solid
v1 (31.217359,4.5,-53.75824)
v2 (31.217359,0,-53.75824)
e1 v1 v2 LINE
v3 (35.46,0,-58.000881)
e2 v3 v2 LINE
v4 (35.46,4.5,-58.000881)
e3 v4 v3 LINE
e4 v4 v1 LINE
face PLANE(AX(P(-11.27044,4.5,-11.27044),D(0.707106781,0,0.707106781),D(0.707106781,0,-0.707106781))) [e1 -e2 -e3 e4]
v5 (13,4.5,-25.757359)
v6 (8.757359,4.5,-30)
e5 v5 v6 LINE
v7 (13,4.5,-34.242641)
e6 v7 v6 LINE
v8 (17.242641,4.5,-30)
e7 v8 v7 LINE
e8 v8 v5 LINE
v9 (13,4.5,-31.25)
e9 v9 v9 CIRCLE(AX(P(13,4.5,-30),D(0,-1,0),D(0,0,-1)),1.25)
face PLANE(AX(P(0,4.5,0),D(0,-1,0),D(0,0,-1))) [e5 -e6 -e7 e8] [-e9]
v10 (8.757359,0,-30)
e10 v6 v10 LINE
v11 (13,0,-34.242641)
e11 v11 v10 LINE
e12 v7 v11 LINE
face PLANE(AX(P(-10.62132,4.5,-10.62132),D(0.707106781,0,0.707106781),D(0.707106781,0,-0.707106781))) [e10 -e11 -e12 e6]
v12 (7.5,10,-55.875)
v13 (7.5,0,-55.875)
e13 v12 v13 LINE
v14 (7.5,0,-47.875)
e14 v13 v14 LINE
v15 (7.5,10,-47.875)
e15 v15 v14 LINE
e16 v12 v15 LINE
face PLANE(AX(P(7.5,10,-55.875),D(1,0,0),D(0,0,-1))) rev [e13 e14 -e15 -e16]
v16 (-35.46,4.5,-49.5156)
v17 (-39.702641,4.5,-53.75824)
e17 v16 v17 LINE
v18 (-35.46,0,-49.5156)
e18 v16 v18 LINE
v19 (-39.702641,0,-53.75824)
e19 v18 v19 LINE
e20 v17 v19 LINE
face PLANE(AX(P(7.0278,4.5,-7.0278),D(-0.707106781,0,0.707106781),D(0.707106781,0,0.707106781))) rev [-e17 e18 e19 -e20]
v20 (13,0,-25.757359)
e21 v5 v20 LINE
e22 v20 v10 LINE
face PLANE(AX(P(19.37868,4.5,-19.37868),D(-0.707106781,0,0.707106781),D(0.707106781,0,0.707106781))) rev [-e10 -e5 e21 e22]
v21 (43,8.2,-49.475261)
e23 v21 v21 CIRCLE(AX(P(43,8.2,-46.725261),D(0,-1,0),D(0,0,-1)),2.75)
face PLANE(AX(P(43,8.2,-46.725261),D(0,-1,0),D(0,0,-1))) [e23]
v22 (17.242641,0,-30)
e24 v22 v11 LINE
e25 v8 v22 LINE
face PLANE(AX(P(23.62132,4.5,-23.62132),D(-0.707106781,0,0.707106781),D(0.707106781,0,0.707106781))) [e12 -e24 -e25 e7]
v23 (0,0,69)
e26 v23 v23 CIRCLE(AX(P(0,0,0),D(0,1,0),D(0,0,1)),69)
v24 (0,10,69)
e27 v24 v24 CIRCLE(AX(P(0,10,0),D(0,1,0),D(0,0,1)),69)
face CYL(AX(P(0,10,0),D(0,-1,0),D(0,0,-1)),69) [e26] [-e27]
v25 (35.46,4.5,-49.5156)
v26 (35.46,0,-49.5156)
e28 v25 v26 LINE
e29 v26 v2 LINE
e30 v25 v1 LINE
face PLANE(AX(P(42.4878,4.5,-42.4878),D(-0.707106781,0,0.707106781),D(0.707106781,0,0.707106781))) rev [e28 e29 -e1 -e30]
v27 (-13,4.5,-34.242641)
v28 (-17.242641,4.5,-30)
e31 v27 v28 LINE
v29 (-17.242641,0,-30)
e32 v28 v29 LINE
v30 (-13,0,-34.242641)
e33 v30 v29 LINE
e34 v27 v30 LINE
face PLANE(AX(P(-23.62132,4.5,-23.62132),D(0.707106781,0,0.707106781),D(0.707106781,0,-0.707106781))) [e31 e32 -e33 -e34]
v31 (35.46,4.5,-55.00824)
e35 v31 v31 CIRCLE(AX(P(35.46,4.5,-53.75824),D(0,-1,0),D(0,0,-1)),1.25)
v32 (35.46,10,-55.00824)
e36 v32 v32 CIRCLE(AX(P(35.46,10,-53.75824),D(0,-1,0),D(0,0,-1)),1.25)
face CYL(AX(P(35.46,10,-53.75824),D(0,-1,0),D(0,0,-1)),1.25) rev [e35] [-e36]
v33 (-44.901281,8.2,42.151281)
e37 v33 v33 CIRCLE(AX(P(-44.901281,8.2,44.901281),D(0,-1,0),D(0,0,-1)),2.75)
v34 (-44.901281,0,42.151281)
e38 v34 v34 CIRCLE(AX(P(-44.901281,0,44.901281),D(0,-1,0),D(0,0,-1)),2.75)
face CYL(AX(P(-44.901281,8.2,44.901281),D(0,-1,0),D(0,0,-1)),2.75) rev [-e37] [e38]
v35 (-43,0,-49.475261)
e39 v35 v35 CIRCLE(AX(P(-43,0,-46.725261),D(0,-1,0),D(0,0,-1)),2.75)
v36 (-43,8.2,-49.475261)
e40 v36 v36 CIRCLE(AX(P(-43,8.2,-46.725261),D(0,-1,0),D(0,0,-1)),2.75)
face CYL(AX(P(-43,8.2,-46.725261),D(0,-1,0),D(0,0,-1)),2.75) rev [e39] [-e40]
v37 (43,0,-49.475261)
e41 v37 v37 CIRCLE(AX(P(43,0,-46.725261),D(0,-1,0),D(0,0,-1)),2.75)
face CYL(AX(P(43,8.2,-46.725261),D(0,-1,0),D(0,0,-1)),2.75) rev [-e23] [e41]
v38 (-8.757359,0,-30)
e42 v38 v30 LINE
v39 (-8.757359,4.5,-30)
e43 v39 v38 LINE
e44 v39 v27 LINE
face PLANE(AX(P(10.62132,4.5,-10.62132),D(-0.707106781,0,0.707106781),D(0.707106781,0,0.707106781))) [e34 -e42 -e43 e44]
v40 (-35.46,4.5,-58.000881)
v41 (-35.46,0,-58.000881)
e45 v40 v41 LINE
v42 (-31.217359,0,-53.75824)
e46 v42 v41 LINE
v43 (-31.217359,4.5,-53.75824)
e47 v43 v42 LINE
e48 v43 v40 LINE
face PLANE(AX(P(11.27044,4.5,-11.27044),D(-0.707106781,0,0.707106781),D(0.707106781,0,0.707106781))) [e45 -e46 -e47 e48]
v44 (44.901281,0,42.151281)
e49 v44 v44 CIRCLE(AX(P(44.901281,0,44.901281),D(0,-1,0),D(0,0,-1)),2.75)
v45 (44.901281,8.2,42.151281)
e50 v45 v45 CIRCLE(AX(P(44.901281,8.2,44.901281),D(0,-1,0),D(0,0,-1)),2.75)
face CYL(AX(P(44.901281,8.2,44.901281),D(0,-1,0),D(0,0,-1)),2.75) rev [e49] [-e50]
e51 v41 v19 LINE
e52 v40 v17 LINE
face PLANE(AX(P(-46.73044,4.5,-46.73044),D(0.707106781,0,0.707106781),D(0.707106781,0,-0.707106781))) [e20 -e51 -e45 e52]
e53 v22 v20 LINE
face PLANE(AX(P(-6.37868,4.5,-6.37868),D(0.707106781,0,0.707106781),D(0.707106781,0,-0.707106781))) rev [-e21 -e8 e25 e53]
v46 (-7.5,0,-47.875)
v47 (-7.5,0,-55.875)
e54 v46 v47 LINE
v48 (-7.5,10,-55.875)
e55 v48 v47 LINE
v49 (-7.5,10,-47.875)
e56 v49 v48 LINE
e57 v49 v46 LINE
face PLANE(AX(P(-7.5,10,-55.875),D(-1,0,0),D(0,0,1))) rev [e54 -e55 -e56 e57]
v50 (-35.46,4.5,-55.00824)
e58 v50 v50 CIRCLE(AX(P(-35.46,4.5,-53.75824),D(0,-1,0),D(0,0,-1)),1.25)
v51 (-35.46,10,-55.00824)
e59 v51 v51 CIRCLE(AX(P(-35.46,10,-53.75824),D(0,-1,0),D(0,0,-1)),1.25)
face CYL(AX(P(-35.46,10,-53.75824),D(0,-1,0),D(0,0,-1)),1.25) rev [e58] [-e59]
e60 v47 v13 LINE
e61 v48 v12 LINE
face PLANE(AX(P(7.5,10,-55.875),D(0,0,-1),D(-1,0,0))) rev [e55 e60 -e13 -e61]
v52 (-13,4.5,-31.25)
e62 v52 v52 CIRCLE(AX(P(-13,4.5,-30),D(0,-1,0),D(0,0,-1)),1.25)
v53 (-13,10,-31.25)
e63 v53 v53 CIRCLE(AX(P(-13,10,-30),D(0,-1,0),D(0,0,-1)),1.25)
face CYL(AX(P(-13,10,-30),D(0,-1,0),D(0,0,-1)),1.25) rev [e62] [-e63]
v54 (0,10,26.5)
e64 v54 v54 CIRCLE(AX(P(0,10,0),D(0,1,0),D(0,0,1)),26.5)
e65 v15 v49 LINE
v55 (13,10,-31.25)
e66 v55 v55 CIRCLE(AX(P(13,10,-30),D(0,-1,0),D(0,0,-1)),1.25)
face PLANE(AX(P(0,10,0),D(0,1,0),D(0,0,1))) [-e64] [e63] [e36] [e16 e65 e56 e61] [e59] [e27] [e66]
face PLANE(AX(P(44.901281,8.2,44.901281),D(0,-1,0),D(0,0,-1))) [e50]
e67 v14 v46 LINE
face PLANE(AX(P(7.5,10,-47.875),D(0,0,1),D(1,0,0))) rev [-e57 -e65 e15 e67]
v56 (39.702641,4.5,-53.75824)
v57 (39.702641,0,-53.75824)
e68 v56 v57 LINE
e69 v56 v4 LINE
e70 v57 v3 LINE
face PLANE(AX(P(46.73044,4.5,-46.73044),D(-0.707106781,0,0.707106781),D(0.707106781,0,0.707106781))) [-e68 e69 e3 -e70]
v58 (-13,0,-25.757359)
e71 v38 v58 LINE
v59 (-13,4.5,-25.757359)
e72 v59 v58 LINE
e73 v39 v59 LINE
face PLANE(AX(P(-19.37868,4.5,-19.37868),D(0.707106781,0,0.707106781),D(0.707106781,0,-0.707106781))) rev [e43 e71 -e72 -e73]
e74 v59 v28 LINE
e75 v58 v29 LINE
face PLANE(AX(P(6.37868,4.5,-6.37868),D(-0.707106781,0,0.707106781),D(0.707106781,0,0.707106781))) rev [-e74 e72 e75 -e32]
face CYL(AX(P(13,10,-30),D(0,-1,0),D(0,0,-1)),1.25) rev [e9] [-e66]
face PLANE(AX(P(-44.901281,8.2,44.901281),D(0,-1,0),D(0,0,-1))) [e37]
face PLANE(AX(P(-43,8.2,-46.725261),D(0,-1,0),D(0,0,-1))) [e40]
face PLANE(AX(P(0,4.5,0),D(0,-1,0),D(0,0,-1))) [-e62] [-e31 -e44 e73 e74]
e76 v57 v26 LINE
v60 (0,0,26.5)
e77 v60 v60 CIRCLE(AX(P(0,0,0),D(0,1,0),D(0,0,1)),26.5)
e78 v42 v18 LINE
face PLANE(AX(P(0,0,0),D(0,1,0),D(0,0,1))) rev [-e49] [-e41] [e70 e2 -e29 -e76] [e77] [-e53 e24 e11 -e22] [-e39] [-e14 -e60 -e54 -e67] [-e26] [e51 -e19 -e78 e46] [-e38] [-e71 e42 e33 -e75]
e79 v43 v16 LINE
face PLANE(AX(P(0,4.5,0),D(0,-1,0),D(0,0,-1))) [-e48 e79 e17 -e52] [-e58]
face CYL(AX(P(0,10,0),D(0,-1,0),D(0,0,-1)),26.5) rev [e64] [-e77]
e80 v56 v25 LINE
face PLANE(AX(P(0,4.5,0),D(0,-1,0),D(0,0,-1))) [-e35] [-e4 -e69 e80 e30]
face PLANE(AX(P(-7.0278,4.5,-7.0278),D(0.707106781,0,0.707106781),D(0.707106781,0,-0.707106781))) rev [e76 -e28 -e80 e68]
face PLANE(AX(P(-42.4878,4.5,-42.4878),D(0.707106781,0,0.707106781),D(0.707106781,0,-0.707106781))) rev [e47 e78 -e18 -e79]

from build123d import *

# Parameters (mm, degrees)
SKETCH1_R           = 69
SKETCH1_R_2         = 26.5
BOSS_EXTRUDE1_DEPTH = 10
CUT_EXTRUDE1_DEPTH  = 4.5
SKETCH3_W           = 15
SKETCH3_H           = 8
CUT_EXTRUDE2_DEPTH  = 99.091793744
SKETCH4_R           = 1.25
CUT_EXTRUDE3_DEPTH  = 99.091793744
SKETCH5_R           = 2.75
CUT_EXTRUDE4_DEPTH  = 8.2


with BuildPart() as part:
    # Sketch1 → Boss-Extrude1 (new body)
    with BuildSketch(Plane(origin=(0, 0, 0), x_dir=(1, 0, 0), z_dir=(0, 1, 0))):
        with Locations(Location((0, 0, 0), (0, 0, 270))):
            Circle(SKETCH1_R)
        with Locations(Location((0, 0, 0), (0, 0, 270))):
            Circle(SKETCH1_R_2, mode=Mode.SUBTRACT)
    extrude(amount=BOSS_EXTRUDE1_DEPTH)

    # Sketch2 → Cut-Extrude1 (cut)
    with BuildSketch(Plane.XZ):
        Polygon((-13, -34.242640687), (-17.242640687, -30), (-13, -25.757359313), (-8.757359313, -30), align=None)
        Polygon((-35.46, -58.000880986), (-39.702640687, -53.758240299), (-35.46, -49.515599611), (-31.217359313, -53.758240299), align=None)
        Polygon((13, -34.242640687), (8.757359313, -30), (13, -25.757359313), (17.242640687, -30), align=None)
        Polygon((35.46, -58.000880986), (31.217359313, -53.758240299), (35.46, -49.515599611), (39.702640687, -53.758240299), align=None)
    extrude(amount=-CUT_EXTRUDE1_DEPTH, mode=Mode.SUBTRACT)

    # Sketch3 → Cut-Extrude2 (cut, through all)
    with BuildSketch(Plane.XZ):
        with Locations((0, -51.875)):
            Rectangle(SKETCH3_W, SKETCH3_H)
    extrude(amount=-CUT_EXTRUDE2_DEPTH, mode=Mode.SUBTRACT)

    # Sketch4 → Cut-Extrude3 (cut, through all)
    with BuildSketch(Plane.XZ):
        with Locations(Location((-13, -30, 0), (0, 0, 270))):
            Circle(SKETCH4_R)
        with Locations(Location((13, -30, 0), (0, 0, 270))):
            Circle(SKETCH4_R)
        with Locations(Location((-35.46, -53.758240299, 0), (0, 0, 270))):
            Circle(SKETCH4_R)
        with Locations(Location((35.46, -53.758240299, 0), (0, 0, 270))):
            Circle(SKETCH4_R)
    extrude(amount=-CUT_EXTRUDE3_DEPTH, mode=Mode.SUBTRACT)

    # Sketch5 → Cut-Extrude4 (cut)
    with BuildSketch(Plane.XZ):
        with Locations(Location((-44.901280605, 44.901280605, 0), (0, 0, 270))):
            Circle(SKETCH5_R)
        with Locations(Location((44.901280605, 44.901280605, 0), (0, 0, 270))):
            Circle(SKETCH5_R)
        with Locations(Location((-43, -46.725260834, 0), (0, 0, 270))):
            Circle(SKETCH5_R)
        with Locations(Location((43, -46.725260834, 0), (0, 0, 270))):
            Circle(SKETCH5_R)
    extrude(amount=-CUT_EXTRUDE4_DEPTH, mode=Mode.SUBTRACT)


solid = part.part
